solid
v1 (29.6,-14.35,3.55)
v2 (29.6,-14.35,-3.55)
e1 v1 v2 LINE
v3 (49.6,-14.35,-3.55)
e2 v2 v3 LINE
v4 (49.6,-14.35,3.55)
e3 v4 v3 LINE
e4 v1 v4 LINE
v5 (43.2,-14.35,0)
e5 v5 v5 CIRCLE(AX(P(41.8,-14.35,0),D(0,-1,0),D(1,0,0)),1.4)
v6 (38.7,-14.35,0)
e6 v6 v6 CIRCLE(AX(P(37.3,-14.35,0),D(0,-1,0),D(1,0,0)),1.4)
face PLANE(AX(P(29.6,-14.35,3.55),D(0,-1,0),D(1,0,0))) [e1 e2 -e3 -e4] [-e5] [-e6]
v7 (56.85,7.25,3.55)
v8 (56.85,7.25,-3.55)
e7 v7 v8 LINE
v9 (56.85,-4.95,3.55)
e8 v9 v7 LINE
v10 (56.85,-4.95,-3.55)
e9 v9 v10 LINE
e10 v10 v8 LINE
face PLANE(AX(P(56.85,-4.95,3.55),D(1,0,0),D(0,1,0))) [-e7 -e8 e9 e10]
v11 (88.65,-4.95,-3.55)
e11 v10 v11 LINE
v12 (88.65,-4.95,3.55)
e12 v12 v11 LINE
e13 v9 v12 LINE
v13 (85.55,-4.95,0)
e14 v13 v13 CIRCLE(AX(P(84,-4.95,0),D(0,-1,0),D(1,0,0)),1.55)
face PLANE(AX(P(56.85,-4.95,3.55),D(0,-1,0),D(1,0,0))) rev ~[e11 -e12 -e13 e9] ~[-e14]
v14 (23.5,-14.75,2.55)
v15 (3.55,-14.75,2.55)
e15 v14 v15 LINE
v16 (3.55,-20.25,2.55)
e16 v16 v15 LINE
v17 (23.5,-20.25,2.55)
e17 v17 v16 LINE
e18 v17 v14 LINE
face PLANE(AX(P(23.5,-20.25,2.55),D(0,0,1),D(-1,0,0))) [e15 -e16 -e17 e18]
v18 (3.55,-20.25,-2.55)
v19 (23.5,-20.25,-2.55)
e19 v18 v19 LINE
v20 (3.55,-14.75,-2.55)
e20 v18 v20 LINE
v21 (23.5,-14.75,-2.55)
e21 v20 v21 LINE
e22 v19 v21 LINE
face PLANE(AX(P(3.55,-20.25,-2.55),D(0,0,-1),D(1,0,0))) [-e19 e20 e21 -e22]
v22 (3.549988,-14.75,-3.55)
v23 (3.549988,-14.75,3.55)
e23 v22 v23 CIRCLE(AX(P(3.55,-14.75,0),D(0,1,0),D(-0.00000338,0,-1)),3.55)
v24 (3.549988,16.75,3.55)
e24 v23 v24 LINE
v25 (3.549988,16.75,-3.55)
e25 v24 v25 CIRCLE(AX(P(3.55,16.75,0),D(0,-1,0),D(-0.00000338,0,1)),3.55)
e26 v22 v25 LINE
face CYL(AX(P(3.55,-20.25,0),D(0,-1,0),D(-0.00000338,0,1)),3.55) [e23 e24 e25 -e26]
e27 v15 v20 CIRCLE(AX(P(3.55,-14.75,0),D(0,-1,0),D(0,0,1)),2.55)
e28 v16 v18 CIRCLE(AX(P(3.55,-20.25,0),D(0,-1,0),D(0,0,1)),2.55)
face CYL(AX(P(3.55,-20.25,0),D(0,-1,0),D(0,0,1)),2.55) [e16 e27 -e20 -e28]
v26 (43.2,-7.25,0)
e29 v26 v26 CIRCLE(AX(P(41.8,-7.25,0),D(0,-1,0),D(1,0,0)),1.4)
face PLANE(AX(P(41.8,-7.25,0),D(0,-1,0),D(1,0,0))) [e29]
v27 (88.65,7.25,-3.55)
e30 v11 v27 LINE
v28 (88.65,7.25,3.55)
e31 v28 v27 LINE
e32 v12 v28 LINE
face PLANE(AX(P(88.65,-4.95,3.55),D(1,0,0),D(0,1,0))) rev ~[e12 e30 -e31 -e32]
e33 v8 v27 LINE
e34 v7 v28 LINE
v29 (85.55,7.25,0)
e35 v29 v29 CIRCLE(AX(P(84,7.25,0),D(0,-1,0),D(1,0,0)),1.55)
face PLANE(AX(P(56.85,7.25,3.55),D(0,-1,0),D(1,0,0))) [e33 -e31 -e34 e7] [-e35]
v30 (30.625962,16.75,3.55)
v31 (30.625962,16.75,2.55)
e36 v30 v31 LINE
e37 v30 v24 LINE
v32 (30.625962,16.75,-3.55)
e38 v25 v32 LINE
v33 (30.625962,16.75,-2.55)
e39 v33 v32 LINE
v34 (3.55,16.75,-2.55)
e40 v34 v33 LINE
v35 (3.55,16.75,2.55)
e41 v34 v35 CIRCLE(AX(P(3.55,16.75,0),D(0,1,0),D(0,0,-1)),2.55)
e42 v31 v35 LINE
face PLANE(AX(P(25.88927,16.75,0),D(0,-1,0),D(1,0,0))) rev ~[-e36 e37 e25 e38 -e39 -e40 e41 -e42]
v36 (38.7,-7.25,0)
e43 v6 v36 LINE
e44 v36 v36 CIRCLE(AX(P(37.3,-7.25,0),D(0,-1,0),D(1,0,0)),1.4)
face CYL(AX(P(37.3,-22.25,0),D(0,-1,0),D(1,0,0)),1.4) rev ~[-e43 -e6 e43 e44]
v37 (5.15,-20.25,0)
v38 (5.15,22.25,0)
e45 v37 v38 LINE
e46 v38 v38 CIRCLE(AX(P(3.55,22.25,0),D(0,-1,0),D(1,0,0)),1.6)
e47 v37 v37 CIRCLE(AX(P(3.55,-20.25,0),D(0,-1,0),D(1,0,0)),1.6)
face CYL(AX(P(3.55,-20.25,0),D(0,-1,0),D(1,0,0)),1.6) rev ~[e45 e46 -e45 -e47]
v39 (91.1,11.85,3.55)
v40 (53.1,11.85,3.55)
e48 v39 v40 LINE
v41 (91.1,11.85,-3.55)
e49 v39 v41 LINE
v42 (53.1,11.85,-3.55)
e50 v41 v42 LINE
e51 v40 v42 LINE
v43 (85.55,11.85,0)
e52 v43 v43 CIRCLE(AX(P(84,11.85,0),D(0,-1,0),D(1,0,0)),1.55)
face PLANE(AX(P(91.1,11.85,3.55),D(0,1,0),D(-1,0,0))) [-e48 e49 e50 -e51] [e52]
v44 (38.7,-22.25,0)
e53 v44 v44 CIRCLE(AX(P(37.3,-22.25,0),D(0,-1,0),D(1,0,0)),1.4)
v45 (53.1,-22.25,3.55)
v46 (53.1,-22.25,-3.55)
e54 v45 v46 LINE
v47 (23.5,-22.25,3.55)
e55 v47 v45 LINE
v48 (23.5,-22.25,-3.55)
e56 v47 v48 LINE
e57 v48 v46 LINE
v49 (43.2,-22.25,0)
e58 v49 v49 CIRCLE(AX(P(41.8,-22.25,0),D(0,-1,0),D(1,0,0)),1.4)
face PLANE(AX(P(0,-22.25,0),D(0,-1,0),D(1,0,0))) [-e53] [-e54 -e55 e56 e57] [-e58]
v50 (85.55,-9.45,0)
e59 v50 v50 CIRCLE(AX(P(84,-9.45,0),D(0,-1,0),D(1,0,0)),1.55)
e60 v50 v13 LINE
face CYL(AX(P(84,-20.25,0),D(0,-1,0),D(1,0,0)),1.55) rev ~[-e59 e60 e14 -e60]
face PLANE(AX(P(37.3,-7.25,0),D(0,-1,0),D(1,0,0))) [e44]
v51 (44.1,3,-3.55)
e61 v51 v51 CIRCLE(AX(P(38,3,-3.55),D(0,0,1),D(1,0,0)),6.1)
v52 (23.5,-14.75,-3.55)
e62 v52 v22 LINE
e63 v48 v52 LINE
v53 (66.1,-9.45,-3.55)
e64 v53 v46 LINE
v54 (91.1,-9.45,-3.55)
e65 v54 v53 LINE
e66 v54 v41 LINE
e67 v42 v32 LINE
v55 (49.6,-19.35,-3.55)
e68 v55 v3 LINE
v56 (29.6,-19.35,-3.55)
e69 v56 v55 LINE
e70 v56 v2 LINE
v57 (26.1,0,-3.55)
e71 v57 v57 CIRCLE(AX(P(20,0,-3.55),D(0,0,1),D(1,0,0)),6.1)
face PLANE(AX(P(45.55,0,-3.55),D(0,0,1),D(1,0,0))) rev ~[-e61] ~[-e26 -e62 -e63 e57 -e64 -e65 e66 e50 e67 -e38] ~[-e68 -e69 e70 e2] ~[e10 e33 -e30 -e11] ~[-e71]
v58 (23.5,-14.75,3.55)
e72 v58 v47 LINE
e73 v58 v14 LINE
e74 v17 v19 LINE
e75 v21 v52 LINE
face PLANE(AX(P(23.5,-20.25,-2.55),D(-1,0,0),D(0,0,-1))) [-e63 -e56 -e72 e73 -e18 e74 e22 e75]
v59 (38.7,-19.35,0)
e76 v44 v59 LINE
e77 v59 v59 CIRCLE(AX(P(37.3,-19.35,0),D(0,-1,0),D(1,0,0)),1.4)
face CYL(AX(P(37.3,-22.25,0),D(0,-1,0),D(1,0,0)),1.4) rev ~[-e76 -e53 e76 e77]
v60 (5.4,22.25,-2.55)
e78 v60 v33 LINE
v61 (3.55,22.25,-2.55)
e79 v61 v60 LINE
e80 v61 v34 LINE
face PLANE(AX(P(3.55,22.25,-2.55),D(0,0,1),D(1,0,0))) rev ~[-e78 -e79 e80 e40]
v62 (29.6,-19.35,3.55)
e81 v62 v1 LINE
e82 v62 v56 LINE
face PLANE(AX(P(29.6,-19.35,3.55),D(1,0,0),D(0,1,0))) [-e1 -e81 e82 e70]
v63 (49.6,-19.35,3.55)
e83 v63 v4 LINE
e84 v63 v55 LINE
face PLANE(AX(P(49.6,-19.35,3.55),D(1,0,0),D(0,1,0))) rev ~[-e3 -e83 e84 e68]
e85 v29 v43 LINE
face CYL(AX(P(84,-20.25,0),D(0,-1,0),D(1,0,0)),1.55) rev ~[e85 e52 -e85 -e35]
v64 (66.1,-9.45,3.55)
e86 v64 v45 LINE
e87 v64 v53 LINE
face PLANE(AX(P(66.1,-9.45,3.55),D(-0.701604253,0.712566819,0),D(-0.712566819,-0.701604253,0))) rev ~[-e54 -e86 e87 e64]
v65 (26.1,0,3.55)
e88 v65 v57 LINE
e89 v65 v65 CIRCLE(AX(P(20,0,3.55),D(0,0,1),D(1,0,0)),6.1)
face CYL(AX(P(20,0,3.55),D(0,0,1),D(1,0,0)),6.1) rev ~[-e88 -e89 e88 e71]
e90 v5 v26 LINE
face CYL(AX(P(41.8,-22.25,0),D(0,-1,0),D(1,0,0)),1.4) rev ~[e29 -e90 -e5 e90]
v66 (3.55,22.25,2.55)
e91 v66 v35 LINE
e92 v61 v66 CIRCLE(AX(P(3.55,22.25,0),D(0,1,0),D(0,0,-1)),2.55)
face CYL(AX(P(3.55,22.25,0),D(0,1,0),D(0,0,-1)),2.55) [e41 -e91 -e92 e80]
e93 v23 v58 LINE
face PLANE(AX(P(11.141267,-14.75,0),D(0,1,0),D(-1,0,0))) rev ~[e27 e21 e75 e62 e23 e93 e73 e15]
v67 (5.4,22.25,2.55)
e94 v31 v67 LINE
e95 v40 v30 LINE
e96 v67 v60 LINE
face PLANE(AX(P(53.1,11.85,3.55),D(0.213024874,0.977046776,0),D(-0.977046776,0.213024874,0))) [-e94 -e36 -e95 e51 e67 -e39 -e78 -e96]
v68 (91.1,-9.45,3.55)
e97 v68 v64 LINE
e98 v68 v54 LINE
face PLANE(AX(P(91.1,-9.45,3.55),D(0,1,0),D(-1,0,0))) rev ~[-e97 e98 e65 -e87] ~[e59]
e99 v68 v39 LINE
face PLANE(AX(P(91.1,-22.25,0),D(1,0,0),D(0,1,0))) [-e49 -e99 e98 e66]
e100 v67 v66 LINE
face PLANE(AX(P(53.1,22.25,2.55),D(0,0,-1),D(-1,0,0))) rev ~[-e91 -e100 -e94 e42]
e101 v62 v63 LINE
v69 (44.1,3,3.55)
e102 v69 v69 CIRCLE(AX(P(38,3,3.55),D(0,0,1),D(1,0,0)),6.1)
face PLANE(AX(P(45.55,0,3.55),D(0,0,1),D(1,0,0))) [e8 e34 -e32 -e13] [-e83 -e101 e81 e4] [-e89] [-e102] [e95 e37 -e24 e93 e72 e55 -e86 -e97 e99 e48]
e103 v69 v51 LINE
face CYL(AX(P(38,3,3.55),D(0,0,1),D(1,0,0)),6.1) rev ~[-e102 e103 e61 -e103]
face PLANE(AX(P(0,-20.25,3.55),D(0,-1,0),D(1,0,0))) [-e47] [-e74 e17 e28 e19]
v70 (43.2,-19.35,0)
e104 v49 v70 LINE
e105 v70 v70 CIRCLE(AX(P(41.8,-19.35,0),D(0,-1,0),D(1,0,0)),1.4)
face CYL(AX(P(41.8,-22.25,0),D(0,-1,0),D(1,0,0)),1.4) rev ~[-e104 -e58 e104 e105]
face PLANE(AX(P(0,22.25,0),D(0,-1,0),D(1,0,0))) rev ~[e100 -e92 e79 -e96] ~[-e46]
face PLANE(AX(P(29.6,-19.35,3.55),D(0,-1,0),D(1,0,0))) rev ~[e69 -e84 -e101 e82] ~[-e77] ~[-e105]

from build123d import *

# Parameters (mm, degrees)
SKETCH_W        = 91.1
SKETCH_H        = 44.5
PAD_DEPTH       = 3.55
SKETCH001_R     = 6.1
SKETCH001_W     = 31.8
SKETCH001_H     = 12.2
SKETCH001_W_2   = 23.5
SKETCH001_H_2   = 2
SKETCH001_W_3   = 20
SKETCH001_H_3   = 5
POCKET_DEPTH    = 7.101
SKETCH002_R     = 1.6
SKETCH002_R_2   = 1.55
POCKET001_DEPTH = 42.501
POCKET002_DEPTH = 5.5
POCKET003_DEPTH = 5.5
SKETCH006_R     = 1.4
POCKET004_DEPTH = 15


with BuildPart() as part:
    # Sketch → Pad (new body, symmetric)
    with BuildSketch(Plane.XY):
        with Locations((45.55, 0)):
            Rectangle(SKETCH_W, SKETCH_H)
    extrude(amount=PAD_DEPTH, both=True)

    # Sketch001 → Pocket (cut, through all)
    with BuildSketch(Plane.XY.offset(3.55)):
        with Locations((38, 3)):
            Circle(SKETCH001_R)
        with Locations((20, 0)):
            Circle(SKETCH001_R)
        Polygon((91.1, 22.25), (91.1, 11.85), (53.1, 11.85), (5.4, 22.25), align=None)
        Polygon((91.1, -22.25), (91.1, -9.45), (66.1, -9.45), (53.1, -22.25), align=None)
        with Locations((72.75, 1.15)):
            Rectangle(SKETCH001_W, SKETCH001_H)
        with Locations((11.75, -21.25)):
            Rectangle(SKETCH001_W_2, SKETCH001_H_2)
        with Locations((39.6, -16.85)):
            Rectangle(SKETCH001_W_3, SKETCH001_H_3)
    extrude(amount=-POCKET_DEPTH, mode=Mode.SUBTRACT)

    # Sketch002 → Pocket001 (cut, through all)
    with BuildSketch(Plane.XZ.offset(20.25)):
        with Locations((3.55, 0)):
            Circle(SKETCH002_R)
        with Locations((84, 0)):
            Circle(SKETCH002_R_2)
        with BuildLine():
            Line((-1.450012, 3.55), (3.549988, 3.55))
            ThreePointArc((3.549988, 3.55), (0, 0), (3.549988, -3.55))
            Line((3.549988, -3.55), (-1.450012, -3.55))
            Line((-1.450012, -3.55), (-1.450012, 3.55))
        make_face()
    extrude(amount=-POCKET001_DEPTH, mode=Mode.SUBTRACT)

    # Sketch004 → Pocket002 (cut)
    with BuildSketch(Plane.XZ.offset(20.25)):
        with BuildLine():
            Line((0, 3.55), (23.5, 3.55))
            Line((23.5, 3.55), (23.5, 2.55))
            Line((23.5, 2.55), (3.55, 2.55))
            ThreePointArc((3.55, 2.55), (1, 0), (3.55, -2.55))
            Line((3.55, -2.55), (23.5, -2.55))
            Line((23.5, -2.55), (23.5, -3.55))
            Line((23.5, -3.55), (0, -3.55))
            Line((0, -3.55), (0, 3.55))
        make_face()
    extrude(amount=-POCKET002_DEPTH, mode=Mode.SUBTRACT)

    # Sketch005 → Pocket003 (cut)
    with BuildSketch(Plane(origin=(0, 22.25, 0), x_dir=(-1, 0, 0), z_dir=(0, 1, 0))):
        with BuildLine():
            Line((-53.1, 3.55), (0, 3.55))
            Line((0, 3.55), (0, -3.55))
            Line((0, -3.55), (-53.1, -3.55))
            Line((-53.1, -2.55), (-53.1, -3.55))
            Line((-3.55, -2.55), (-53.1, -2.55))
            ThreePointArc((-3.55, -2.55), (-1, 0), (-3.55, 2.55))
            Line((-53.1, 2.55), (-3.55, 2.55))
            Line((-53.1, 3.55), (-53.1, 2.55))
        make_face()
    extrude(amount=-POCKET003_DEPTH, mode=Mode.SUBTRACT)

    # Sketch006 → Pocket004 (cut)
    with BuildSketch(Plane.XZ.offset(22.25)):
        with Locations((37.3, 0)):
            Circle(SKETCH006_R)
        with Locations((41.8, 0)):
            Circle(SKETCH006_R)
    extrude(amount=-POCKET004_DEPTH, mode=Mode.SUBTRACT)


solid = part.part
